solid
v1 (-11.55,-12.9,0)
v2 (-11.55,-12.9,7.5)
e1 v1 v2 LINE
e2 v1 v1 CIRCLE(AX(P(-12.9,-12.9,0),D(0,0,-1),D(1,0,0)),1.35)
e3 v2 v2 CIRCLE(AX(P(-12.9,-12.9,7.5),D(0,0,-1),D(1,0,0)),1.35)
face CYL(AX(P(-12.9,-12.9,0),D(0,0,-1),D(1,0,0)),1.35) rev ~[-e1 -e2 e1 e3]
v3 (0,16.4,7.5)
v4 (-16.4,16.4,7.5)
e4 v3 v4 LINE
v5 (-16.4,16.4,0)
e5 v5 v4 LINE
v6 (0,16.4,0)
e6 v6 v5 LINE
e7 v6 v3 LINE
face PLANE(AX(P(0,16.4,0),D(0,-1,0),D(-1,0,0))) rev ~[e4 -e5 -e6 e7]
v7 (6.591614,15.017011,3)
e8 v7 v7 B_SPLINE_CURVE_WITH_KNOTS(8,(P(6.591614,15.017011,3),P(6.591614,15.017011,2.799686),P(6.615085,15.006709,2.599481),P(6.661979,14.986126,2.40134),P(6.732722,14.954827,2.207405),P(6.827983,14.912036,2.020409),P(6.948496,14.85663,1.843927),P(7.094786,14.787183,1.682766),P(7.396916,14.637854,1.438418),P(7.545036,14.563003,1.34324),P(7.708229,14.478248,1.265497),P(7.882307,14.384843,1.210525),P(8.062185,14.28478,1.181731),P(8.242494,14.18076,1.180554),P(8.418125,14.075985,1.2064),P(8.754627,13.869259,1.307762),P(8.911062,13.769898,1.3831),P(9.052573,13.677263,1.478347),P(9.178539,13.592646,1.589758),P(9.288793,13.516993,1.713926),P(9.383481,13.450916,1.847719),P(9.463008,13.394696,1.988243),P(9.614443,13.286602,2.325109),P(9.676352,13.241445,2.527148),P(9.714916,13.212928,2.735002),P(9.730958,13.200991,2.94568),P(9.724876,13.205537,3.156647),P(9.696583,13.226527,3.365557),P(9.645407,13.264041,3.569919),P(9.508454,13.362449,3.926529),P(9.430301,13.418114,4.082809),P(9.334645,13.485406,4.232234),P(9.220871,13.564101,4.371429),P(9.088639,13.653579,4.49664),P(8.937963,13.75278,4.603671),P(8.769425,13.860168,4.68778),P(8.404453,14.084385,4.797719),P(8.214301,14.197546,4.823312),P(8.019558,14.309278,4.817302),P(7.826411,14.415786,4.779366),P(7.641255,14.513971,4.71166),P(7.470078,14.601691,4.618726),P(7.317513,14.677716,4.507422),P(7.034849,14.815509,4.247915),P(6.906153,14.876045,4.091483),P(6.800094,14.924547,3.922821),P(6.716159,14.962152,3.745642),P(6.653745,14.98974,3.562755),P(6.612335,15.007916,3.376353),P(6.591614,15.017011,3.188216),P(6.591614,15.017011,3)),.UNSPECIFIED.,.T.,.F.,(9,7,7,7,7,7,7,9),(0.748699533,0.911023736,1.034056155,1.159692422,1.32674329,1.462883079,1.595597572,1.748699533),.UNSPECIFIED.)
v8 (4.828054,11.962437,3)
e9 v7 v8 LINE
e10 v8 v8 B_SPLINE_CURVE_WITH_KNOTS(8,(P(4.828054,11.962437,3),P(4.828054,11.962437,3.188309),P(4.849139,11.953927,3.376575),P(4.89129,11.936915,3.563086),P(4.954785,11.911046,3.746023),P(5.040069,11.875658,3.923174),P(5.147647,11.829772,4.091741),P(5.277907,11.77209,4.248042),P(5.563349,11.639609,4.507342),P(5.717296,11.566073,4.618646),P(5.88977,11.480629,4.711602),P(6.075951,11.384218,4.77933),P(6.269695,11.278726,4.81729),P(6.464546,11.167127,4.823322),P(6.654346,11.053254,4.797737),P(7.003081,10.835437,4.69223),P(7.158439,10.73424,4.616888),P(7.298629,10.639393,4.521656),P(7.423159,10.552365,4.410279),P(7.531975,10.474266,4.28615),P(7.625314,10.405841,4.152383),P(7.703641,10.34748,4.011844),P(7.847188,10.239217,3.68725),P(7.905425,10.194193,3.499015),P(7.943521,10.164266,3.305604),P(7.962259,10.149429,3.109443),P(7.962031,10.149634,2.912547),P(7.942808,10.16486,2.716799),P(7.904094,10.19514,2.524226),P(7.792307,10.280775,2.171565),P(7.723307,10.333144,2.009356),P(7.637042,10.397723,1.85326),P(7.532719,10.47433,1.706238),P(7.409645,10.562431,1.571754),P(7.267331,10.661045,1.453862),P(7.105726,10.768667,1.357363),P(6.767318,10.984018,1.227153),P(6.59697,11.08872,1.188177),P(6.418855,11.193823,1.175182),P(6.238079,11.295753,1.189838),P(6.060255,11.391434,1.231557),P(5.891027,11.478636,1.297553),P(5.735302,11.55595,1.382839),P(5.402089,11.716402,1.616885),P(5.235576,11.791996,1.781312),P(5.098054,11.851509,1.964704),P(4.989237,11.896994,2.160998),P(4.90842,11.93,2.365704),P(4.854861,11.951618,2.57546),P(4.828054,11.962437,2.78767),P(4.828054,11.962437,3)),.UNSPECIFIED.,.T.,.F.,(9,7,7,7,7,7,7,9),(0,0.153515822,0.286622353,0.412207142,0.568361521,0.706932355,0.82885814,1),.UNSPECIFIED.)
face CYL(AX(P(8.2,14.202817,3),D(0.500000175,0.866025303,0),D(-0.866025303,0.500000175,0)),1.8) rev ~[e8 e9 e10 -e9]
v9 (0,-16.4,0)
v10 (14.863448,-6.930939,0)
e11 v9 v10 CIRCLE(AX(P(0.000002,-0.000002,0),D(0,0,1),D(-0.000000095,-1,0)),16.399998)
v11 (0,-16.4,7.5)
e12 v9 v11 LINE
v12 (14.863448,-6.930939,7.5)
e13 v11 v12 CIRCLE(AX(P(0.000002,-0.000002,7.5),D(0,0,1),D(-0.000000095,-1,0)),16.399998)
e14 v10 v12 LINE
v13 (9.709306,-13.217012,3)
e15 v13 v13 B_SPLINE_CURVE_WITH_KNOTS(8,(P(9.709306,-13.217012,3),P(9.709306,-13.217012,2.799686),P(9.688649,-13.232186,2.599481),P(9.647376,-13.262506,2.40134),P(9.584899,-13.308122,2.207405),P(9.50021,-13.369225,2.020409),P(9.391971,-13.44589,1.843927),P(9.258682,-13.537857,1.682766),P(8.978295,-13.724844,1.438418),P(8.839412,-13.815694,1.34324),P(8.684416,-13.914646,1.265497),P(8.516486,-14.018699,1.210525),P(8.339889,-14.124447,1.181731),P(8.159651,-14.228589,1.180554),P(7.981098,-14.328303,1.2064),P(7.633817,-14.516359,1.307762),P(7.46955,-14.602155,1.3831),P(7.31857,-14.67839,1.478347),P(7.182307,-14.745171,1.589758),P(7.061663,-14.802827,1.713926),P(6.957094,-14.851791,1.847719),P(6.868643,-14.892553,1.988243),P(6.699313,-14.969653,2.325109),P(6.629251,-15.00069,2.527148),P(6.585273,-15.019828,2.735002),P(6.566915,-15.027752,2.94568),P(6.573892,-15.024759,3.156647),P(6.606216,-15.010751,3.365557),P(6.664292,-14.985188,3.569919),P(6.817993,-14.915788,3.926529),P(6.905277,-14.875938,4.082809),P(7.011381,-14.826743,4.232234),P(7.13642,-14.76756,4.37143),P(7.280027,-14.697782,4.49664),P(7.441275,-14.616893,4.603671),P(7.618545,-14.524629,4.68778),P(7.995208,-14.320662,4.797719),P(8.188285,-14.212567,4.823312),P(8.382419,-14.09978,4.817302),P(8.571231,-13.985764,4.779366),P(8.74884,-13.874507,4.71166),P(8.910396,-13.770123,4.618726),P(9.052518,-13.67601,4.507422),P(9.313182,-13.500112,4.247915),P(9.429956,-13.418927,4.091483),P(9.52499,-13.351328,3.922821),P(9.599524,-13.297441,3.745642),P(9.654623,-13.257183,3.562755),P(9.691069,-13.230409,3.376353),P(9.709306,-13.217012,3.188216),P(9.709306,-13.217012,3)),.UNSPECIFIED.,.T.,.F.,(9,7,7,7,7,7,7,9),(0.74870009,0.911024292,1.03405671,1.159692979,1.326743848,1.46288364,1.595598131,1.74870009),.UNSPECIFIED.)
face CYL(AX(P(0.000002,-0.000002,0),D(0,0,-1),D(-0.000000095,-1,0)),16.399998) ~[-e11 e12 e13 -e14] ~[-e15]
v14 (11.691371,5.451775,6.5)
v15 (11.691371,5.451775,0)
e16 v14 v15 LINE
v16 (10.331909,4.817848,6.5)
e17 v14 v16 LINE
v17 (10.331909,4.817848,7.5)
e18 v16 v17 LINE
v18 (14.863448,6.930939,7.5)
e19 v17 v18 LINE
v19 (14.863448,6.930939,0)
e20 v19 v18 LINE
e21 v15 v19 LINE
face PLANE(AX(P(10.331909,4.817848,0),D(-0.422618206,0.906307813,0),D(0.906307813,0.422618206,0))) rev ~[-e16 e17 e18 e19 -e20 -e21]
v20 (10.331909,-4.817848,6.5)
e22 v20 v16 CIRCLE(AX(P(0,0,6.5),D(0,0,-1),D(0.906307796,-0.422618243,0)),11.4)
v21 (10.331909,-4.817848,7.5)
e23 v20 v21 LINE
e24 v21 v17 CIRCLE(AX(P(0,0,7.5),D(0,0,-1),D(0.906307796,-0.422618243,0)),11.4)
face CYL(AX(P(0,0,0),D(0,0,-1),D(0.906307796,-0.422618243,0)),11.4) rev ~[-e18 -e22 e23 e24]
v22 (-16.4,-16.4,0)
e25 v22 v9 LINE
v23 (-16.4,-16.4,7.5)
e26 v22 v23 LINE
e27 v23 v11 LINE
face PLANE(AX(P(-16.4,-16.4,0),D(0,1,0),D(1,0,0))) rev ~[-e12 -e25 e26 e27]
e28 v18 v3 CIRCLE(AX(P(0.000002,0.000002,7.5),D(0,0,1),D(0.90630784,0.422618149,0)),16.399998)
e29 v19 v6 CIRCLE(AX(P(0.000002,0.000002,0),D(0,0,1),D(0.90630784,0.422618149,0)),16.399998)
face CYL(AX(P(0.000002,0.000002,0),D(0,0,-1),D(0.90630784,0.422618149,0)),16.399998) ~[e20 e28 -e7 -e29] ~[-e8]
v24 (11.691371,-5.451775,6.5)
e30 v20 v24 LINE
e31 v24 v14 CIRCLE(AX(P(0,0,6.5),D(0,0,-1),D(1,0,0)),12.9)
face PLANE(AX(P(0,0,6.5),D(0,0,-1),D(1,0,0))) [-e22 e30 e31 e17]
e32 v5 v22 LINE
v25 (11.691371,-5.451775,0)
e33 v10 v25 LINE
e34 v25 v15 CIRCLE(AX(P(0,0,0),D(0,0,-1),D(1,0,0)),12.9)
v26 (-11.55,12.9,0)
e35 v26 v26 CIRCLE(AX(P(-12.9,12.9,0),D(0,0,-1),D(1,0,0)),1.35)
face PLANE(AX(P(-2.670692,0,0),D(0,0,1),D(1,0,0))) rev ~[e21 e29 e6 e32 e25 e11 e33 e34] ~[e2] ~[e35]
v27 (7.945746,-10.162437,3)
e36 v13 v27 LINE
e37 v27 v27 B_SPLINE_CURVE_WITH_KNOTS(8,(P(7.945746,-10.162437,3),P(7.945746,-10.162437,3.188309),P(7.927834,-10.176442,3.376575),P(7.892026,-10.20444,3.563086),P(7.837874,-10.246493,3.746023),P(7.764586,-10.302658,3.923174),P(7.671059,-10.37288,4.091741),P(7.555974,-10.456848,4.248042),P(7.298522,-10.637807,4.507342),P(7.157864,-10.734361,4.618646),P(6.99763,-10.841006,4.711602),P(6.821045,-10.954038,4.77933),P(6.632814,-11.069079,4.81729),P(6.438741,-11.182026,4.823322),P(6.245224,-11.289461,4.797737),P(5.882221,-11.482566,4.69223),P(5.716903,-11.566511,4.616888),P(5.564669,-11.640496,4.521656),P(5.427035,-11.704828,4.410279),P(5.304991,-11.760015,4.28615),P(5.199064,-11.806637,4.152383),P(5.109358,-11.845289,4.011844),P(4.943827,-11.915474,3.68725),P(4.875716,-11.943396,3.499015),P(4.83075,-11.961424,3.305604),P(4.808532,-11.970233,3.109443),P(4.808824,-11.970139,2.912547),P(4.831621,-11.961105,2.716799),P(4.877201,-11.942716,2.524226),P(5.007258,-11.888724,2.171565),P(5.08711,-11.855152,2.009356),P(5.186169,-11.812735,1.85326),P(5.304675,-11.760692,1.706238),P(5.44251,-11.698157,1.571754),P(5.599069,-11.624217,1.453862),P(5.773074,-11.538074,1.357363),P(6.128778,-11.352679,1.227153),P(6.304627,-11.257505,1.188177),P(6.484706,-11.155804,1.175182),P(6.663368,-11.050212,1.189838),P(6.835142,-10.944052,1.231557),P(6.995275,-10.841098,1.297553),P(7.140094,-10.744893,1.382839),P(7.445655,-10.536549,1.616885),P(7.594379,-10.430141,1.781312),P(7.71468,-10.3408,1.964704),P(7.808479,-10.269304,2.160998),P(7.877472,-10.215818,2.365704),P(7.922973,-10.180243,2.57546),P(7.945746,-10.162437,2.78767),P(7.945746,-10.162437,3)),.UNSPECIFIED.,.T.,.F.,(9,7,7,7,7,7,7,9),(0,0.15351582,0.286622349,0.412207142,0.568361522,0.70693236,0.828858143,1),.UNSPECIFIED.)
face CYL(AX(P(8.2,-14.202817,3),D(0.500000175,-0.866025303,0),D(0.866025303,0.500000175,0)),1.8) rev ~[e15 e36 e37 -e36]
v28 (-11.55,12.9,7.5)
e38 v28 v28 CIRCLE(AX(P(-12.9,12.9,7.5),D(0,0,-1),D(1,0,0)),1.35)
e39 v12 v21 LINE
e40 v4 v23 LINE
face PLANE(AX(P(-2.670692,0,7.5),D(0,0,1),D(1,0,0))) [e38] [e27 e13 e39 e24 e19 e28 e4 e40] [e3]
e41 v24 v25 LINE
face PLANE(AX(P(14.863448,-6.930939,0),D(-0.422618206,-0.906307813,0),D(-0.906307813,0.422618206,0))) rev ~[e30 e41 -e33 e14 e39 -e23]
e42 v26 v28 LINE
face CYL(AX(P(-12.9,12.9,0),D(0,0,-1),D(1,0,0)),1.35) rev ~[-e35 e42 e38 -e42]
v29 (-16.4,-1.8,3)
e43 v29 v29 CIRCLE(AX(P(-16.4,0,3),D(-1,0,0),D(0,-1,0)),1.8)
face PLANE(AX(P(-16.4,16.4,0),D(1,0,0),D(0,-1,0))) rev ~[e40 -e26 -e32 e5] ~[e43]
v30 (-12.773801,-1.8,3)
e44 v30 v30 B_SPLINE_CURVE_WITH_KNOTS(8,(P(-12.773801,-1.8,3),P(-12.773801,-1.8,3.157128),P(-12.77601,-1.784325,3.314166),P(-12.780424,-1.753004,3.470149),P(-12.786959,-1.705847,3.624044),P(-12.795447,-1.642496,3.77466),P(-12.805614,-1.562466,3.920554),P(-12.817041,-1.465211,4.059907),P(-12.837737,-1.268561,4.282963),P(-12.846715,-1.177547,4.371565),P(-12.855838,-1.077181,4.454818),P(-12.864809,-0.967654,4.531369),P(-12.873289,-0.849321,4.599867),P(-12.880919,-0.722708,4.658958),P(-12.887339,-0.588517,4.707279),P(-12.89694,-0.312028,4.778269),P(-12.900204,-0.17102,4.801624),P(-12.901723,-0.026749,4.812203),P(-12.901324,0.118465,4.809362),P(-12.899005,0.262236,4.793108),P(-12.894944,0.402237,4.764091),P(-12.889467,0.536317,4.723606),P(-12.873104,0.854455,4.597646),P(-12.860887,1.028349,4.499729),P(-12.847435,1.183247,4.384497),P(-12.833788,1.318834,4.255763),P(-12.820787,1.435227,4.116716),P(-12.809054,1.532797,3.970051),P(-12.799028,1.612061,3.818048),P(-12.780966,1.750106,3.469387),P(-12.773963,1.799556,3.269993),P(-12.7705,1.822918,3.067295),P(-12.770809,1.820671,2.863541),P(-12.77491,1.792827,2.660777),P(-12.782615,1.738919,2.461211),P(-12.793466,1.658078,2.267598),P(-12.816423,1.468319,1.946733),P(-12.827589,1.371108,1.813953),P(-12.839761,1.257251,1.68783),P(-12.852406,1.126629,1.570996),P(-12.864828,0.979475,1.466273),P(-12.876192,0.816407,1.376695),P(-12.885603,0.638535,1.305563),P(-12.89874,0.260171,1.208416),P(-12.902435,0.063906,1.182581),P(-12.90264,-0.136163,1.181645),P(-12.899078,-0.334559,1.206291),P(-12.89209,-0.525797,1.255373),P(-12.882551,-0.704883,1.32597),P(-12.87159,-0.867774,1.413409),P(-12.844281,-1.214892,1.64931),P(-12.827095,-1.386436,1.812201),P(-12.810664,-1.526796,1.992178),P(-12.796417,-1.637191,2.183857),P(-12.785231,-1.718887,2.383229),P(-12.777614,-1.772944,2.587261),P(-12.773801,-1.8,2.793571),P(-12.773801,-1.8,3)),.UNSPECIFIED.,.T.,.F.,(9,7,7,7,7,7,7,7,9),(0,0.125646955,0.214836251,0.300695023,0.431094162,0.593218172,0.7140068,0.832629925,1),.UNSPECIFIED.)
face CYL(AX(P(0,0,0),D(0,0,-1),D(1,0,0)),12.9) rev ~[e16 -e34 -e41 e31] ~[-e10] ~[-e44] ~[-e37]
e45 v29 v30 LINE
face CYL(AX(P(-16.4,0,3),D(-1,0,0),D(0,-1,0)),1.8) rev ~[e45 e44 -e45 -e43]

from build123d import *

# Parameters (mm, degrees)
F1_DEPTH  = 7.5
F2_R      = 12.9
F3_DEPTH  = 6.5
F7_R      = 1.8
F8_DEPTH  = 10
F9_R      = 1.8
F10_DEPTH = 10
F11_R     = 1.8
F12_DEPTH = 10
F13_R     = 1.35
F14_DEPTH = 7.501


with BuildPart() as f1:
    # F0 (on Top) → F1 (new body)
    with BuildSketch(Plane.XY):
        with BuildLine():
            ThreePointArc((10.331909, -4.817848), (-11.4, 0), (10.331909, 4.817848))
            Line((10.331909, 4.817848), (14.863448, 6.930939))
            ThreePointArc((14.863448, 6.930939), (8.811714, 13.83162), (0, 16.4))
            Line((0, 16.4), (-16.4, 16.4))
            Line((-16.4, 16.4), (-16.4, -16.4))
            Line((-16.4, -16.4), (0, -16.4))
            ThreePointArc((0, -16.4), (8.811714, -13.83162), (14.863448, -6.930939))
            Line((14.863448, -6.930939), (10.331909, -4.817848))
        make_face()
    extrude(amount=F1_DEPTH)

    # F2 (on face) → F3 (cut)
    with BuildSketch(Plane(origin=(0, 0, 0), x_dir=(1, 0, 0), z_dir=(0, 0, -1))):
        Circle(F2_R)
    extrude(amount=-F3_DEPTH, mode=Mode.SUBTRACT)

    # F7 (on face) → F8 (cut)
    with BuildSketch(Plane(origin=(8.2, 14.202817, 0), x_dir=(-0.866025, 0.5, 0), z_dir=(0.5, 0.866025, 0))):
        with Locations((0, 3)):
            Circle(F7_R)
    extrude(amount=-F8_DEPTH, mode=Mode.SUBTRACT)

    # F9 (on face) → F10 (cut)
    with BuildSketch(Plane(origin=(-16.4, 0, 0), x_dir=(0, -1, 0), z_dir=(-1, 0, 0))):
        with Locations((0, 3)):
            Circle(F9_R)
    extrude(amount=-F10_DEPTH, mode=Mode.SUBTRACT)

    # F11 (on face) → F12 (cut)
    with BuildSketch(Plane(origin=(8.2, -14.202817, 0), x_dir=(0.866025, 0.5, 0), z_dir=(0.5, -0.866025, 0))):
        with Locations((0, 3)):
            Circle(F11_R)
    extrude(amount=-F12_DEPTH, mode=Mode.SUBTRACT)

    # F13 (on face) → F14 (cut, through all)
    with BuildSketch(Plane(origin=(0, 0, 0), x_dir=(1, 0, 0), z_dir=(0, 0, -1))):
        with Locations((-12.9, -12.9)):
            Circle(F13_R)
        with Locations((-12.9, 12.9)):
            Circle(F13_R)
    extrude(amount=-F14_DEPTH, mode=Mode.SUBTRACT)


solid = f1.part
